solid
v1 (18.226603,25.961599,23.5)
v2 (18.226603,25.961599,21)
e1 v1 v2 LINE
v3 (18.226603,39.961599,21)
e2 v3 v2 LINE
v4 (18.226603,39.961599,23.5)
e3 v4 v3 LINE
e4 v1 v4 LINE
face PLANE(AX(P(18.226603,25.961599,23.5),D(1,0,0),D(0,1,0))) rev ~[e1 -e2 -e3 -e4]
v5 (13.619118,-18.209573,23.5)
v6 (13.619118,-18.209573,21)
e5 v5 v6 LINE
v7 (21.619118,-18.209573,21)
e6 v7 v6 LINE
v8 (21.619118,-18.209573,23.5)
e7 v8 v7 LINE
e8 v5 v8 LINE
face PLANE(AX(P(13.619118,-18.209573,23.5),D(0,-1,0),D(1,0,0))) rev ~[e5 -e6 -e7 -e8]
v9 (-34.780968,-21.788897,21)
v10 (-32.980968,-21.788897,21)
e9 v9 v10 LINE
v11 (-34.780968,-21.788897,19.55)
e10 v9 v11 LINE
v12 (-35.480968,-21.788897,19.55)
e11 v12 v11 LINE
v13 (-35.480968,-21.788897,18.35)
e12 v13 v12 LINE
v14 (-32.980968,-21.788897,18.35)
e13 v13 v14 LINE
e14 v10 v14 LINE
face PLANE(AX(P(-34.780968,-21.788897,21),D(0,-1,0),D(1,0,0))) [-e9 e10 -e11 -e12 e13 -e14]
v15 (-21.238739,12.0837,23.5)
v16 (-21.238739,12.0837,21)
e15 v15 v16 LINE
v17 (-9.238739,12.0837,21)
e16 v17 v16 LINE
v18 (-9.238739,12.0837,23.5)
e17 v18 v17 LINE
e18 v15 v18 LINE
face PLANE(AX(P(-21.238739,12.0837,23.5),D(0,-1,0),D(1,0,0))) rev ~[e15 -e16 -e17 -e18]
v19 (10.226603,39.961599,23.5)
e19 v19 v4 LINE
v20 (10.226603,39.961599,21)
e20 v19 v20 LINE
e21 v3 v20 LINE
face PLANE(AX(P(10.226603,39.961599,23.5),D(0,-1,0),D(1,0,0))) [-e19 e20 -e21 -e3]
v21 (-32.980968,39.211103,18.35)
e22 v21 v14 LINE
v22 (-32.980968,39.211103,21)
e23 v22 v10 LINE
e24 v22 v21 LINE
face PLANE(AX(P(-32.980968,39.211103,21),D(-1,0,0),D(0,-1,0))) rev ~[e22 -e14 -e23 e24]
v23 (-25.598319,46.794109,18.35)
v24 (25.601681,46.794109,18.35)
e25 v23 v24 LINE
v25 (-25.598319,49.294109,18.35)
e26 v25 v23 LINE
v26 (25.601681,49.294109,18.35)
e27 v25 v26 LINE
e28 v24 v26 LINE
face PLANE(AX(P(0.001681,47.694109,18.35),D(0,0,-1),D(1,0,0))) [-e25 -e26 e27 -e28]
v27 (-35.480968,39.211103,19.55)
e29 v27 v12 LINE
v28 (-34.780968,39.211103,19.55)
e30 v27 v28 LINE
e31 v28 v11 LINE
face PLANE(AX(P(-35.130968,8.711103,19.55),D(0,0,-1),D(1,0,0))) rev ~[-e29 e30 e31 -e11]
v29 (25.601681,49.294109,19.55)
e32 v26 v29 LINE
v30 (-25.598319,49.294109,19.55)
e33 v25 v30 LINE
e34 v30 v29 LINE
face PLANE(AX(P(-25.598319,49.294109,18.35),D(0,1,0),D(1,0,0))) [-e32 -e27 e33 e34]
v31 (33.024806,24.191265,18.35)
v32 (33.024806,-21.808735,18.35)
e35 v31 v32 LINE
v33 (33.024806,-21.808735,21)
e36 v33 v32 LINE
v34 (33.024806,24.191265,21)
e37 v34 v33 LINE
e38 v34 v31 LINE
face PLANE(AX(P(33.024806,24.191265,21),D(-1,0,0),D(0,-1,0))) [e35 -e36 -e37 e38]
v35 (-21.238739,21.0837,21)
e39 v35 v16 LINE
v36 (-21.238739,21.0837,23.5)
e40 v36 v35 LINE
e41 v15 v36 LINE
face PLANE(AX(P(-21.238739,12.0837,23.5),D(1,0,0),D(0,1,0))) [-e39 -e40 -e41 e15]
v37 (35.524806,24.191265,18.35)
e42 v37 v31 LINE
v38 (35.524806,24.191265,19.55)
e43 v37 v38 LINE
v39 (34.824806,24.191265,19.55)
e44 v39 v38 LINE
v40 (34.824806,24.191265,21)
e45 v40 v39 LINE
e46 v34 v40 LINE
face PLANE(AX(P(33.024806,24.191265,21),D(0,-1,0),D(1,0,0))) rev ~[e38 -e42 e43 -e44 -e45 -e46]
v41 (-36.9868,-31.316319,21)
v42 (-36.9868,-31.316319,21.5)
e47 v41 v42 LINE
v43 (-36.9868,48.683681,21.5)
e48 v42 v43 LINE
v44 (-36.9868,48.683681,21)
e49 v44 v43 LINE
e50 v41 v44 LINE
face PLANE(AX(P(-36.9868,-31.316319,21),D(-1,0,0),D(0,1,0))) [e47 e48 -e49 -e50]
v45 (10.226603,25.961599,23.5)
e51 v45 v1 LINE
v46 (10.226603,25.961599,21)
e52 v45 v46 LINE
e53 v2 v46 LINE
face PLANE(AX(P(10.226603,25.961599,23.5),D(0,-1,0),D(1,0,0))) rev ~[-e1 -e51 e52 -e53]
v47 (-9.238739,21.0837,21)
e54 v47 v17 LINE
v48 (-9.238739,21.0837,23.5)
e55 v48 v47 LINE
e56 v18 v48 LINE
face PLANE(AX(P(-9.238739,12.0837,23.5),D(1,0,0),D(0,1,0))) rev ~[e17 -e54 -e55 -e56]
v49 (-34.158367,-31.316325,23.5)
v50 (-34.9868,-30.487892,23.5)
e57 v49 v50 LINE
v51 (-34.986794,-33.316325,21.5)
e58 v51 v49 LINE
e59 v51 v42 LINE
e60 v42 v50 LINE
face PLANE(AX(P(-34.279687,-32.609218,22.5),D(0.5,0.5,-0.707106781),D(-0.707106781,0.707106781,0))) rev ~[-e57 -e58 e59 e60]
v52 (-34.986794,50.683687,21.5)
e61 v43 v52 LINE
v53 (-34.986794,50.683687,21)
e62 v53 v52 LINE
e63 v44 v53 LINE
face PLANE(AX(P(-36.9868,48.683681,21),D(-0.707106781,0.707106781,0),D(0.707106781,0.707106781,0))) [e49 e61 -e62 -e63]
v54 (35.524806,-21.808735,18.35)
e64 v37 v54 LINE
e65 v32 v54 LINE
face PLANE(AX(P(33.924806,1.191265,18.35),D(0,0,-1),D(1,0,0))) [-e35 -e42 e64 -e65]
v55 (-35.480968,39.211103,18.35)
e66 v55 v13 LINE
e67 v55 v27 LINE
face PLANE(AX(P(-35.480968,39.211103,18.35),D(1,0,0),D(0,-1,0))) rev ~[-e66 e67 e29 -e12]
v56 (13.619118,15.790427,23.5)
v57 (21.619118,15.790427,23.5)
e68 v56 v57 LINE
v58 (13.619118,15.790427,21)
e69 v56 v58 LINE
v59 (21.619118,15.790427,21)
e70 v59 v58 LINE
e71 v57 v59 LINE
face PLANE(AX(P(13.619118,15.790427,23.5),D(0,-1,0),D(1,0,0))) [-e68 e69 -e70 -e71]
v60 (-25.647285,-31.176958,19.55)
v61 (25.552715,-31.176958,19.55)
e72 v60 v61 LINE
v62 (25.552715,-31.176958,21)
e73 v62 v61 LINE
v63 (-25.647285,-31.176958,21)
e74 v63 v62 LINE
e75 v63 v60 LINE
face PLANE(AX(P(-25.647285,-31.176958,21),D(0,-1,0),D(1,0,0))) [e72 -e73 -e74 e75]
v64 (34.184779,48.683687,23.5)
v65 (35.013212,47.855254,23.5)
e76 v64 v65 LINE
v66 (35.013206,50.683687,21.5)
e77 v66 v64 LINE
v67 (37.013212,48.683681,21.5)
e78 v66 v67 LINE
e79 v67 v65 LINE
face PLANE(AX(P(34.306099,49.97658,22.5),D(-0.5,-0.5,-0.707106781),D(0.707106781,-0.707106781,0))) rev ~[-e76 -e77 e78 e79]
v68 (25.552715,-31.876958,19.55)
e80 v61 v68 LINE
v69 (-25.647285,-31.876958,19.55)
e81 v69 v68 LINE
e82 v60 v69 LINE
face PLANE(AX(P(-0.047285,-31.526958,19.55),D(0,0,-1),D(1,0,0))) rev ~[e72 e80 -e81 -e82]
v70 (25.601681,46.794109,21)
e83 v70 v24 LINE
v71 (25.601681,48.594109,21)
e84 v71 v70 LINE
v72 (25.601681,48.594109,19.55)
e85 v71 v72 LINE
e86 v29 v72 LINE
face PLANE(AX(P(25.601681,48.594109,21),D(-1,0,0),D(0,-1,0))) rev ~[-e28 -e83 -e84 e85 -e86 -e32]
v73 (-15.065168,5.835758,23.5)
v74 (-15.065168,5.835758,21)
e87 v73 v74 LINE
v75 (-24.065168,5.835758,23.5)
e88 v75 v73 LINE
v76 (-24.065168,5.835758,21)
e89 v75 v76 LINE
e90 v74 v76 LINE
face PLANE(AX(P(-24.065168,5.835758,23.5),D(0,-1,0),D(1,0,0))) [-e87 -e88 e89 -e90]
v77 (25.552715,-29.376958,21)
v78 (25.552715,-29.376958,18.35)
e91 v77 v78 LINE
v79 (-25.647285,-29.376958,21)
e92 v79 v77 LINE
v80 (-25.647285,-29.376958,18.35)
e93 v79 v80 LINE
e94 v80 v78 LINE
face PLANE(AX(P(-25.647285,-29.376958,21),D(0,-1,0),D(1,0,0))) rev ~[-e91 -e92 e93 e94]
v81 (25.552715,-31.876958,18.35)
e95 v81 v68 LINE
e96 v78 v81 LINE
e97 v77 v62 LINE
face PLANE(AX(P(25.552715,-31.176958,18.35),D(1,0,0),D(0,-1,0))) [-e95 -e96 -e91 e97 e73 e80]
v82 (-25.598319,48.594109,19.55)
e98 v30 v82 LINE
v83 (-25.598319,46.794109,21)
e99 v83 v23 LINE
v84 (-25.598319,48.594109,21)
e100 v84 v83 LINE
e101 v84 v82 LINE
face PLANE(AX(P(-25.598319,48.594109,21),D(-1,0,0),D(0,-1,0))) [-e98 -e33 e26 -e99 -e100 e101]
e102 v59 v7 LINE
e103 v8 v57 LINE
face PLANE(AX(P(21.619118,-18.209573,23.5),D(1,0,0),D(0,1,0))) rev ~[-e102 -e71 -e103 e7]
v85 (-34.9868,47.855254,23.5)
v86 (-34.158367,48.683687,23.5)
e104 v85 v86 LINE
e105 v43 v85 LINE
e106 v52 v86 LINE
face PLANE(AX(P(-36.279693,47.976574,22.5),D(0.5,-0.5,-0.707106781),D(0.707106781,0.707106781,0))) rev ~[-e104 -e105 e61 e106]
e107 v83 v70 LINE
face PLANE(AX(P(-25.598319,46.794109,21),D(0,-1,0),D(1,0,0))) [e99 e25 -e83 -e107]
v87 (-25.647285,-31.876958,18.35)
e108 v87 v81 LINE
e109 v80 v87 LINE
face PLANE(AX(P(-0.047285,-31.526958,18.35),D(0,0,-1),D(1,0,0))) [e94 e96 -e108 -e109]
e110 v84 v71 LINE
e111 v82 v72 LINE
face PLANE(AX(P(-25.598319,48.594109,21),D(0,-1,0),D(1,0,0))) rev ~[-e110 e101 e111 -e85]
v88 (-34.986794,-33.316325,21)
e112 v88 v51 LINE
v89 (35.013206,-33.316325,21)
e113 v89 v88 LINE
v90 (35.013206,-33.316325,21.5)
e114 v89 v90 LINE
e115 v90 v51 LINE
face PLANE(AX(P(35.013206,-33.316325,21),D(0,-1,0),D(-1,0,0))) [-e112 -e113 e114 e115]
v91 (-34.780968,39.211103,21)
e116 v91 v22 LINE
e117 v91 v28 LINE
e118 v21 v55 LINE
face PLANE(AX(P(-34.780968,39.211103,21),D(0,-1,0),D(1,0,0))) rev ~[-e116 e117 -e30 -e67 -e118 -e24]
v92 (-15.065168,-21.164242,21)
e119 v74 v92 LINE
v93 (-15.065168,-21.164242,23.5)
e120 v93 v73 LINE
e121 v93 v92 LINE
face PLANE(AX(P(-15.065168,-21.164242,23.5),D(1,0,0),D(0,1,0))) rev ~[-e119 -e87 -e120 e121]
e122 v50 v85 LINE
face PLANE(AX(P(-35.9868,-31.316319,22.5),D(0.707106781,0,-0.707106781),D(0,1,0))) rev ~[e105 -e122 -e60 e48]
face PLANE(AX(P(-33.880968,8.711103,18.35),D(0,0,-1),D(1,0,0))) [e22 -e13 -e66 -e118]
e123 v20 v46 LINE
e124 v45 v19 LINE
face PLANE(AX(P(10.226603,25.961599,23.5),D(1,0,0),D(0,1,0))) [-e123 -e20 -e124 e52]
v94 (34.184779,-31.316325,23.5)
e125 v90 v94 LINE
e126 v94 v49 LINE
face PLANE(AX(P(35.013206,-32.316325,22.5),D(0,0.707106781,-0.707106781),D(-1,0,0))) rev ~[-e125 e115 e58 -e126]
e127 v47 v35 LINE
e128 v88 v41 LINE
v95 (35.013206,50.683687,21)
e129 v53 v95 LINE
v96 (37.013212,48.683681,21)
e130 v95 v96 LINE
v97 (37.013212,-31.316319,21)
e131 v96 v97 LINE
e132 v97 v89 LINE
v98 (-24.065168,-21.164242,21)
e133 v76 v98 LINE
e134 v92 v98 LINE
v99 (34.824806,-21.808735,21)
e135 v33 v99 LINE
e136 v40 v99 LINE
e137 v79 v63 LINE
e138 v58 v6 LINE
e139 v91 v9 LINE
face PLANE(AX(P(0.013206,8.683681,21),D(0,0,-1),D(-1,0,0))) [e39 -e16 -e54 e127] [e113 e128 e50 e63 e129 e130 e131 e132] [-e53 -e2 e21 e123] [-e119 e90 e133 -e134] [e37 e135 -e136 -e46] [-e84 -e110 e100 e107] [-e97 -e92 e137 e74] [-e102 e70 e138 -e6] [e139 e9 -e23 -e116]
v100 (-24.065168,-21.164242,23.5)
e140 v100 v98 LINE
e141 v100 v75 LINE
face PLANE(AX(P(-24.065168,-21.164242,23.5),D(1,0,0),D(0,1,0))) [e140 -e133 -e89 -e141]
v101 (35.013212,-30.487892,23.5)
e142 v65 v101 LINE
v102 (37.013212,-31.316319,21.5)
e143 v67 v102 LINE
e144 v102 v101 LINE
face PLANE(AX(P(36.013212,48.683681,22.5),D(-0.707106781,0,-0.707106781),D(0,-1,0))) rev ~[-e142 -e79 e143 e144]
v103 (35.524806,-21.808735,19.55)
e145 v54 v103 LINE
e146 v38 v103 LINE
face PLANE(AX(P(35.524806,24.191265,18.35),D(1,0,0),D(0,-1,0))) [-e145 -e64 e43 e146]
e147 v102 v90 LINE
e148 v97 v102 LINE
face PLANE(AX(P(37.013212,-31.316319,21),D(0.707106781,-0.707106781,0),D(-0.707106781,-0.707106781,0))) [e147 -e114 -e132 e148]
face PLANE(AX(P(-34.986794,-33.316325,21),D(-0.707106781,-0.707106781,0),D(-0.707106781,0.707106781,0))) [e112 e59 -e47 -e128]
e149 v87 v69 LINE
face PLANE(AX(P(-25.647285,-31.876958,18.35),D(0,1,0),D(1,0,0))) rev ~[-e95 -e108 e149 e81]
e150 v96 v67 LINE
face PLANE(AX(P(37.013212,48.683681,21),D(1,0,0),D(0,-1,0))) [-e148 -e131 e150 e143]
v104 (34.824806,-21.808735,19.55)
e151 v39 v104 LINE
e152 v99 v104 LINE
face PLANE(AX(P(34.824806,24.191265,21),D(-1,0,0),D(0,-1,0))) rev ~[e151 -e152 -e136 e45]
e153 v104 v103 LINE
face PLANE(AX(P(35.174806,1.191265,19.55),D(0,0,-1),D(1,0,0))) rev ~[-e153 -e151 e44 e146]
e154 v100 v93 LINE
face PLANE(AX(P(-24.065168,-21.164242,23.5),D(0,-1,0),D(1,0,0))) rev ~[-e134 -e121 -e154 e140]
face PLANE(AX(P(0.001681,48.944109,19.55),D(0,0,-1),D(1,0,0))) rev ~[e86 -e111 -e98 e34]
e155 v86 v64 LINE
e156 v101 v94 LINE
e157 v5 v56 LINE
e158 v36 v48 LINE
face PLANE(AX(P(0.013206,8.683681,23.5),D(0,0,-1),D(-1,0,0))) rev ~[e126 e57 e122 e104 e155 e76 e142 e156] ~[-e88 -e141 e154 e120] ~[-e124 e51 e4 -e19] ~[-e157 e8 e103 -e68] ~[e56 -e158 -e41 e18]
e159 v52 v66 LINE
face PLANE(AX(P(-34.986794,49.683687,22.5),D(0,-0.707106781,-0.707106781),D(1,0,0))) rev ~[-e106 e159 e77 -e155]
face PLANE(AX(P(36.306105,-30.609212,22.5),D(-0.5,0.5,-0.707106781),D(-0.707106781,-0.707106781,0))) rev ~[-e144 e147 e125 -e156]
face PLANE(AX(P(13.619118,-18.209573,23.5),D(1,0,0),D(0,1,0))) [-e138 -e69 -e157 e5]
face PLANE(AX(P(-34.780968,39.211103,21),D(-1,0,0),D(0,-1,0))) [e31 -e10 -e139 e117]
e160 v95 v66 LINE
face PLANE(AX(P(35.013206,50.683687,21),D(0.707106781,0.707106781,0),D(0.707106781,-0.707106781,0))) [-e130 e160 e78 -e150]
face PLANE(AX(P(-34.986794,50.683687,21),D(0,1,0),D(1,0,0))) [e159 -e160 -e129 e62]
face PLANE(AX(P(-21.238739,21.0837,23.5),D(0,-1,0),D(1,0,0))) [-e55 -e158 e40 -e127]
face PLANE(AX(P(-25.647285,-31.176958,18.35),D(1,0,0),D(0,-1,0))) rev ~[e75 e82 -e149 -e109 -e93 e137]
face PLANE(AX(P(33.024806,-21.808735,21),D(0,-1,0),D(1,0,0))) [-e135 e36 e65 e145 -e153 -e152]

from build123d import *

# Parameters (mm, degrees)
PAD006_DEPTH    = 2.5
CHAMFER001_SIZE = 2
SKETCH006_W     = 8
SKETCH006_H     = 14
SKETCH006_H_2   = 34
SKETCH006_W_2   = 9
SKETCH006_H_3   = 27
POCKET001_DEPTH = 5
SKETCH008_W     = 51.2
SKETCH008_H     = 1.8
SKETCH008_W_2   = 1.8
SKETCH008_H_2   = 46
SKETCH008_H_3   = 61
PAD007_DEPTH    = 2.65
SKETCH009_W     = 51.2
SKETCH009_H     = 0.7
SKETCH009_W_2   = 0.7
SKETCH009_H_2   = 46
SKETCH009_H_3   = 61
PAD008_DEPTH    = 1.2
SKETCH014_W     = 12
SKETCH014_H     = 9
POCKET004_DEPTH = 5


with BuildPart() as part:
    # Sketch004 → Pad006 (new body)
    with BuildSketch(Plane.XY.offset(21)):
        Polygon((-34.986794, 50.683687), (35.013206, 50.683687), (37.013212, 48.683681), (37.013212, -31.316319), (35.013206, -33.316325), (-34.986794, -33.316325), (-36.9868, -31.316319), (-36.9868, 48.683681), align=None)
    extrude(amount=PAD006_DEPTH)

    # Chamfer001
    chamfer001_edges = [part.edges().sort_by_distance(p)[0] for p in [
        (0.013206, -33.316325, 23.5),
        (-36.9868, 8.683681, 23.5),
        (-35.986797, 49.683684, 23.5),
        (0.013206, 50.683687, 23.5),
        (36.013209, 49.683684, 23.5),
        (37.013212, 8.683681, 23.5),
        (36.013209, -32.316322, 23.5),
        (-35.986797, -32.316322, 23.5),
    ]]
    chamfer(chamfer001_edges, length=CHAMFER001_SIZE)

    # Sketch006 → Pocket001 (cut)
    with BuildSketch(Plane.XY.offset(23.5)):
        with Locations((14.226603, 32.961599)):
            Rectangle(SKETCH006_W, SKETCH006_H)
        with Locations((17.619118, -1.209573)):
            Rectangle(SKETCH006_W, SKETCH006_H_2)
        with Locations((-19.565168, -7.664242)):
            Rectangle(SKETCH006_W_2, SKETCH006_H_3)
    extrude(amount=-POCKET001_DEPTH, mode=Mode.SUBTRACT)

    # Sketch008 → Pad007 (new body)
    with BuildSketch(Plane(origin=(0, 0, 21), x_dir=(1, 0, 0), z_dir=(0, 0, -1))):
        with Locations((-0.047285, 30.276958)):
            Rectangle(SKETCH008_W, SKETCH008_H)
        with Locations((33.924806, -1.191265)):
            Rectangle(SKETCH008_W_2, SKETCH008_H_2)
        with Locations((0.001681, -47.694109)):
            Rectangle(SKETCH008_W, SKETCH008_H)
        with Locations((-33.880968, -8.711103)):
            Rectangle(SKETCH008_W_2, SKETCH008_H_3)
    extrude(amount=PAD007_DEPTH)

    # Sketch009 → Pad008 (new body)
    with BuildSketch(Plane(origin=(0, 0, 18.35), x_dir=(1, 0, 0), z_dir=(0, 0, -1))):
        with Locations((-0.047285, 31.526958)):
            Rectangle(SKETCH009_W, SKETCH009_H)
        with Locations((35.174806, -1.191265)):
            Rectangle(SKETCH009_W_2, SKETCH009_H_2)
        with Locations((0.001681, -48.944109)):
            Rectangle(SKETCH009_W, SKETCH009_H)
        with Locations((-35.130968, -8.711103)):
            Rectangle(SKETCH009_W_2, SKETCH009_H_3)
    extrude(amount=-PAD008_DEPTH)

    # Sketch014 → Pocket004 (cut)
    with BuildSketch(Plane.XY.offset(23.5)):
        with Locations((-15.238739, 16.5837)):
            Rectangle(SKETCH014_W, SKETCH014_H)
    extrude(amount=-POCKET004_DEPTH, mode=Mode.SUBTRACT)


solid = part.part
